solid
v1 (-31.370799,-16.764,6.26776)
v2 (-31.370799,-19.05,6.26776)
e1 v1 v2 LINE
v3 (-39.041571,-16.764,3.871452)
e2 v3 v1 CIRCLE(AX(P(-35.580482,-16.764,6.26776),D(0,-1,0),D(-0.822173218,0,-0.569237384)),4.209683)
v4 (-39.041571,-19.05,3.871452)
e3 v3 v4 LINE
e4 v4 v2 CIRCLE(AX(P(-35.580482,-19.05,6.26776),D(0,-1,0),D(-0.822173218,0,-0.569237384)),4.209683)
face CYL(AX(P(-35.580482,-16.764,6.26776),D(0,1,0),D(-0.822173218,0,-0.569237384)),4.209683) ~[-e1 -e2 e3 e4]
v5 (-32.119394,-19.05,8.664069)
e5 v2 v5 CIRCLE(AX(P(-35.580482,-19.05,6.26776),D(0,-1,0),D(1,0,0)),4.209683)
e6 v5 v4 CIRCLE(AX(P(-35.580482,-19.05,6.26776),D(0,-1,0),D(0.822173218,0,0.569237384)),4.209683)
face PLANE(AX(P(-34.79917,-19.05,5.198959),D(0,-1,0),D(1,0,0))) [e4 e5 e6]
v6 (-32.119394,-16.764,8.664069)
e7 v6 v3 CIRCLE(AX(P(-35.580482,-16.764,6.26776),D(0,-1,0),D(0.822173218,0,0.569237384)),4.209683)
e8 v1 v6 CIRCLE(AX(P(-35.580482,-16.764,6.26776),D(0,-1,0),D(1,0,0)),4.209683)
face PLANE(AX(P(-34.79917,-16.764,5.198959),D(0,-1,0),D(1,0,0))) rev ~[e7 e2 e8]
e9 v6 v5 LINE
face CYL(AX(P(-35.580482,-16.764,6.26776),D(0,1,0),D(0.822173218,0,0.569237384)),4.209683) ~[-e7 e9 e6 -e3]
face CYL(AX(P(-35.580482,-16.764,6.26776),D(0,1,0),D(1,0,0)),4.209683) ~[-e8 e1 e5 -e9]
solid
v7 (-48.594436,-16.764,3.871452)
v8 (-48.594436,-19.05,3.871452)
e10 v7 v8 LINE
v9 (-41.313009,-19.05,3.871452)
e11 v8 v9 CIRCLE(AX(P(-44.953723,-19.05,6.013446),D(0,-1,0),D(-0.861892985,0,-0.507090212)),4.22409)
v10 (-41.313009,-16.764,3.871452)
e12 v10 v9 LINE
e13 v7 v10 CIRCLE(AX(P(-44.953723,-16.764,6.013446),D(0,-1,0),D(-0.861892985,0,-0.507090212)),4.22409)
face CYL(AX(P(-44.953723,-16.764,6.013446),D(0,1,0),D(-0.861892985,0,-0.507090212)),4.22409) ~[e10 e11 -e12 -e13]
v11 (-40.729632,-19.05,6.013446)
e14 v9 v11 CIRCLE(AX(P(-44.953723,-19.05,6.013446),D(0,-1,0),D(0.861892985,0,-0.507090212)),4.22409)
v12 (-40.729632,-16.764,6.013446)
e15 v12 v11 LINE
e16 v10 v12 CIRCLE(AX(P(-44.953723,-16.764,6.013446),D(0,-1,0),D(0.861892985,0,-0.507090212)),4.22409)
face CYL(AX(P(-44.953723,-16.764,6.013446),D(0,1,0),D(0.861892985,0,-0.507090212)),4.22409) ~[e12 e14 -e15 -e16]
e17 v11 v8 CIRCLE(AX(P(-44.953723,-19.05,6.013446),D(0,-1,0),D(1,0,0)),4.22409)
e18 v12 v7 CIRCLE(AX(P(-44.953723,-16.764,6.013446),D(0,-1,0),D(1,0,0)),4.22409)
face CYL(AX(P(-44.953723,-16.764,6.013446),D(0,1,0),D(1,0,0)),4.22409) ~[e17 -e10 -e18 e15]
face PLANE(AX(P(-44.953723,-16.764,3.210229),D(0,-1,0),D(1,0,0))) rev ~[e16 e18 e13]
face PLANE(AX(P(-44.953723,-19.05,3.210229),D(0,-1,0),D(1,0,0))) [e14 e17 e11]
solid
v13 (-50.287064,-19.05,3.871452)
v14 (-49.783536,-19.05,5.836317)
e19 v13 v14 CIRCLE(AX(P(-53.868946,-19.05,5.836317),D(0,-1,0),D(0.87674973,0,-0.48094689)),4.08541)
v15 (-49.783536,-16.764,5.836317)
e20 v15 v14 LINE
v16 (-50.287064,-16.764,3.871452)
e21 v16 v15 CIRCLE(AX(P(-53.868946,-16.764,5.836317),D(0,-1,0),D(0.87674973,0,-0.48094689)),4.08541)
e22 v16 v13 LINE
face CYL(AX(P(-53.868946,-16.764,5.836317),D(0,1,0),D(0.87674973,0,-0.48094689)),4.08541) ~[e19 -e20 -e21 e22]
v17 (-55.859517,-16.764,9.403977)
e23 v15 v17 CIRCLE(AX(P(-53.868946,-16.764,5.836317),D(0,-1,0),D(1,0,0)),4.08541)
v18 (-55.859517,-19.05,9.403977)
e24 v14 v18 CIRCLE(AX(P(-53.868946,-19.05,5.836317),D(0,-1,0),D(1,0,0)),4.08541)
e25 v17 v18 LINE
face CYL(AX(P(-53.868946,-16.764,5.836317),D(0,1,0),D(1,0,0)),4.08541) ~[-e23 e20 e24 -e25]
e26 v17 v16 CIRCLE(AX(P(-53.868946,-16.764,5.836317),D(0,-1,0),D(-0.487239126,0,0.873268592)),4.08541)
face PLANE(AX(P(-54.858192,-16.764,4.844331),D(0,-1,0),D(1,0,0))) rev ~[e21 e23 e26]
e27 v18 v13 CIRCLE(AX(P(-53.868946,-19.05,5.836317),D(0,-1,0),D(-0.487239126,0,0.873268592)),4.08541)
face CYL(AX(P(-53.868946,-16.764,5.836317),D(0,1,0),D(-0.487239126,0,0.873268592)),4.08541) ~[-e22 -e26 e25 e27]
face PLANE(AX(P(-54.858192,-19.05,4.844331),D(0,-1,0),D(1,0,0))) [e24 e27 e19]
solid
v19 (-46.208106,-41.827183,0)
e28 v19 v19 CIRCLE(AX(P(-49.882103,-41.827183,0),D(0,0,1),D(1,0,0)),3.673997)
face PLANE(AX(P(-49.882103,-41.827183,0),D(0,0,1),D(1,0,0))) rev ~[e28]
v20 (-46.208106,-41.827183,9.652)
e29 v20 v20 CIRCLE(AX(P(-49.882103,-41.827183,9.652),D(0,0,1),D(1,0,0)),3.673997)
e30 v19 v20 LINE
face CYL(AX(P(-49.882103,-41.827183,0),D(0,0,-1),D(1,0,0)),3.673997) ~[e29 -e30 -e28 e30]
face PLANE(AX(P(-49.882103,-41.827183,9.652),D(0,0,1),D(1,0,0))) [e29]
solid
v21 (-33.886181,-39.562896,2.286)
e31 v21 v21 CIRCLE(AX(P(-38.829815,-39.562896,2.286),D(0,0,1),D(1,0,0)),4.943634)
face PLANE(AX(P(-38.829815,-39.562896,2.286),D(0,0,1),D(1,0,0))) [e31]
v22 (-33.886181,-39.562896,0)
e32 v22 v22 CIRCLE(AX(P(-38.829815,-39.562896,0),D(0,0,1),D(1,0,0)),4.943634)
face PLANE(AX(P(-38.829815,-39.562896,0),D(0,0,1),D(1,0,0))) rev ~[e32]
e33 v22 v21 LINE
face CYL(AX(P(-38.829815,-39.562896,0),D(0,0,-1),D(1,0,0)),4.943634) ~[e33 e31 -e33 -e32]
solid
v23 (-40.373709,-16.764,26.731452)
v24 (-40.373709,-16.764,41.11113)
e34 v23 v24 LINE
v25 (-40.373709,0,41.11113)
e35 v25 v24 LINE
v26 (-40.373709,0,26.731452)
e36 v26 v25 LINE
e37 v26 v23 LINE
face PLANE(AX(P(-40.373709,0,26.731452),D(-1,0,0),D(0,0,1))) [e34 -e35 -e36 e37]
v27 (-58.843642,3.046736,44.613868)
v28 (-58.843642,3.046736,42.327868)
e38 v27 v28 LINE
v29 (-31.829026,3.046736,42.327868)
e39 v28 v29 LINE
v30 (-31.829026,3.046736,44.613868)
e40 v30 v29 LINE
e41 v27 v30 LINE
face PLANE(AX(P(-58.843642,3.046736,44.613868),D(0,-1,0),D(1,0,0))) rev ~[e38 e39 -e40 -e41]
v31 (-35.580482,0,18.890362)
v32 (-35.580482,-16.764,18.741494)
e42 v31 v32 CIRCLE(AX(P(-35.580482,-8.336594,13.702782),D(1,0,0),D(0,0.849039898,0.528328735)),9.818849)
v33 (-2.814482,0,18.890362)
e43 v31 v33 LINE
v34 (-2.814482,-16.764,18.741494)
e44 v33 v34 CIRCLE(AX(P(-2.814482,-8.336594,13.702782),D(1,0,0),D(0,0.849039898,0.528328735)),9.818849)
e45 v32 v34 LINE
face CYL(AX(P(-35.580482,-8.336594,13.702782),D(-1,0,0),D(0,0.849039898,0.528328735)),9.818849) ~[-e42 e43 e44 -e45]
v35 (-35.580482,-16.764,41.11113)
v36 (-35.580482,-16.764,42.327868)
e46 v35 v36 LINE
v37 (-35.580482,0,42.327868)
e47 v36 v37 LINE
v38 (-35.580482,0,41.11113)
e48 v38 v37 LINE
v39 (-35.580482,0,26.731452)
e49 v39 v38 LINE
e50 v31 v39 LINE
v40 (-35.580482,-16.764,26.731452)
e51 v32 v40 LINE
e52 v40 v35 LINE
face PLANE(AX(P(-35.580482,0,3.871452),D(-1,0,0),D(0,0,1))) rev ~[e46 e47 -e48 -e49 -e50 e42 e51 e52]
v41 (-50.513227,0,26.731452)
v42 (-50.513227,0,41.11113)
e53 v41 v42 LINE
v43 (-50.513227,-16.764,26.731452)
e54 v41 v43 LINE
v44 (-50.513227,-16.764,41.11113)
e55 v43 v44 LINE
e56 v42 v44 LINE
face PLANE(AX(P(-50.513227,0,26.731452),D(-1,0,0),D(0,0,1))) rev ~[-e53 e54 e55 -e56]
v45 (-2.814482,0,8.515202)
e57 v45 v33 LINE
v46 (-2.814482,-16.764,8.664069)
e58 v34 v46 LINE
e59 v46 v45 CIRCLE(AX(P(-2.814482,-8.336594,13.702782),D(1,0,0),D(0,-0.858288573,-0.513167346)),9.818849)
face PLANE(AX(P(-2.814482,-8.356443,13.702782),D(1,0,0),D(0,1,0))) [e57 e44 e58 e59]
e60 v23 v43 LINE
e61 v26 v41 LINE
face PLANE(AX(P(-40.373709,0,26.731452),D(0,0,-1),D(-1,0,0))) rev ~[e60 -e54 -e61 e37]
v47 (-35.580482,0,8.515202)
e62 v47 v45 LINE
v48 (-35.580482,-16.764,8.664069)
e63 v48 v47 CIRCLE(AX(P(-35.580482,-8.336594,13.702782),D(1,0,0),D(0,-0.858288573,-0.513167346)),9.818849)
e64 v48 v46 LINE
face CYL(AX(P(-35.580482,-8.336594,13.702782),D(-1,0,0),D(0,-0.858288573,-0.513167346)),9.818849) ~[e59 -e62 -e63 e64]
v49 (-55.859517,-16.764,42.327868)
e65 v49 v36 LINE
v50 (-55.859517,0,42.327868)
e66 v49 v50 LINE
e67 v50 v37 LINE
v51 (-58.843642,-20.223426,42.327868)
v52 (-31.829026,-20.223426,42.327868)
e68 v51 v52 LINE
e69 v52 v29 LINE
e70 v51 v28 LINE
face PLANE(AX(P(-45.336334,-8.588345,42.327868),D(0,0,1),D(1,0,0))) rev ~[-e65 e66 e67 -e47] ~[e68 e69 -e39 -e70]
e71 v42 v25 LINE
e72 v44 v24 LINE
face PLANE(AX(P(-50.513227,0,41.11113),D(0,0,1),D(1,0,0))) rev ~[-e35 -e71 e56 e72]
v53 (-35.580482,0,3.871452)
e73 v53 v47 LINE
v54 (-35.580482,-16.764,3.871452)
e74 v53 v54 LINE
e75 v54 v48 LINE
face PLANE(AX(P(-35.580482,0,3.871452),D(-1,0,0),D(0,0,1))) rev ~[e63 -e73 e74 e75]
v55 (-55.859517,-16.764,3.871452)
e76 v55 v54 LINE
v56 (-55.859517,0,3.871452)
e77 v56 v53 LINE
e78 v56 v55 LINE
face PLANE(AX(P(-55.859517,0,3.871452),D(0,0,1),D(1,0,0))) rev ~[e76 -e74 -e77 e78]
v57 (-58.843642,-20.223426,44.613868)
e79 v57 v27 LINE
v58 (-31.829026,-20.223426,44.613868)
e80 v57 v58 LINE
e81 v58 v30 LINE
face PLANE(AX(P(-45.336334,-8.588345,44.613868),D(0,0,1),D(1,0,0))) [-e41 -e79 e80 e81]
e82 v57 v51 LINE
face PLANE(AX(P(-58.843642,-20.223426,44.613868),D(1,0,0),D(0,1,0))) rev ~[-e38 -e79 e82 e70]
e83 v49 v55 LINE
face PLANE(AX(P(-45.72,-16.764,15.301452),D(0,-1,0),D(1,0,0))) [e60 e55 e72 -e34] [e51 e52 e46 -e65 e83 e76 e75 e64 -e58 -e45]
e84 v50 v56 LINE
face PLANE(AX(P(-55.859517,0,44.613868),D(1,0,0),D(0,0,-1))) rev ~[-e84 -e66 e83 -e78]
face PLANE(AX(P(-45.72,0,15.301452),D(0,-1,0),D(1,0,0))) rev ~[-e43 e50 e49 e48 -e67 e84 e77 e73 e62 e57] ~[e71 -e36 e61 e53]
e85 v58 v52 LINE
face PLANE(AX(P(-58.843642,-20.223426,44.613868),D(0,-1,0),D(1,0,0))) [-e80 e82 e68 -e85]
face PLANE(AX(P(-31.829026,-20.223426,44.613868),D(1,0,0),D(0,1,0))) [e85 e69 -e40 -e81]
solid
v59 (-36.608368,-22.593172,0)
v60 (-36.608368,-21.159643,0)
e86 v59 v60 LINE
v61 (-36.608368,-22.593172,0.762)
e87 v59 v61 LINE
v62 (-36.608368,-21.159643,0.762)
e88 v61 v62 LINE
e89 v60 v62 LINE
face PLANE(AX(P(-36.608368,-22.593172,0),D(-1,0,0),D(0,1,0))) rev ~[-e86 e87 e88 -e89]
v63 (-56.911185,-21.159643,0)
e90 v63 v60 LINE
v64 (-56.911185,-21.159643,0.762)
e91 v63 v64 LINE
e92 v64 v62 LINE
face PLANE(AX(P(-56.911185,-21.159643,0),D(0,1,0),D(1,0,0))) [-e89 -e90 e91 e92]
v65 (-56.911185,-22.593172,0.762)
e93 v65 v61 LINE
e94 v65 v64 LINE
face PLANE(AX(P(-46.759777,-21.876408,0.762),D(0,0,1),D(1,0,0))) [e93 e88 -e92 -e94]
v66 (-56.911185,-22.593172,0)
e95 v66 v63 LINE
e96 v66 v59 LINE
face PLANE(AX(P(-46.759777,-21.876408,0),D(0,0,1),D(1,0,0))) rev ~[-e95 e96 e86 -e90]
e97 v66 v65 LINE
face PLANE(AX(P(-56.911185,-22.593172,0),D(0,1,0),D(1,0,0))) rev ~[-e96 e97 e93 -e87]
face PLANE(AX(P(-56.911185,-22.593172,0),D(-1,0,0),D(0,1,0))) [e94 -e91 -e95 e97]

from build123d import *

# Parameters (mm, degrees)
F0_W      = 5.3462907672
F0_H      = 14.3796782941
F0_W_2    = 4.7932267189
F1_DEPTH  = 16.764
F3_DEPTH  = 32.766
F5_DEPTH  = 2.286
F6_W      = 27.0146168768
F6_H      = 23.2701618224
F6_W_2    = 20.2790349722
F6_H_2    = 16.764
F7_DEPTH  = 2.286
F8_R      = 3.6739968983
F9_DEPTH  = 9.652
F10_R     = 4.9436336388
F11_DEPTH = 2.286
F12_W     = 20.3028172255
F12_H     = 1.4335289598
F13_DEPTH = 0.762


with BuildPart() as f1:
    # F0 (on Front) → F1 (new body)
    with BuildSketch(Plane.XZ):
        Polygon((-50.5132265389, 26.7314519733), (-55.8595173061, 26.7314519733), (-55.8595173061, 3.8714515977), (-35.5804823339, 3.8714515977), (-35.5804823339, 26.7314519733), (-40.3737090528, 26.7314519733), align=None)
        with Locations((-53.1863719225, 33.9212911204)):
            Rectangle(F0_W, F0_H)
        with Locations((-37.9770956933, 33.9212911204)):
            Rectangle(F0_W_2, F0_H)
        Polygon((-35.5804823339, 44.6138679981), (-55.8595173061, 44.6138679981), (-55.8595173061, 41.1111302674), (-50.5132265389, 41.1111302674), (-40.3737090528, 41.1111302674), (-35.5804823339, 41.1111302674), align=None)
    extrude(amount=F1_DEPTH)

    # F2 (on face) → F3 (join)
    with BuildSketch(Plane.YZ.offset(-35.5804823339)):
        with BuildLine():
            Line((0, 8.5152019426), (0, 18.8903617993))
            ThreePointArc((0, 18.8903617993), (-8.4237840592, 23.5212434846), (-16.764, 18.74149442))
            Line((-16.764, 18.74149442), (-16.764, 8.6640693219))
            ThreePointArc((-16.764, 8.6640693219), (-8.4237840592, 3.8843202573), (0, 8.5152019426))
        make_face()
    extrude(amount=F3_DEPTH)

    # F6 (on face) → F7 (join)
    with BuildSketch(Plane.XY.offset(44.6138679981)):
        with Locations((-45.3363340348, -8.58834479)):
            Rectangle(F6_W, F6_H)
        with Locations((-45.71999982, -8.382)):
            Rectangle(F6_W_2, F6_H_2, mode=Mode.SUBTRACT)
    extrude(amount=-F7_DEPTH)


with BuildPart() as f5:
    # F4 (on face) → F5 (new body)
    with BuildSketch(Plane.XZ.offset(16.764)):
        with BuildLine():
            Line((-55.8595173061, 3.8714515977), (-55.8595173061, 9.4039771229))
            ThreePointArc((-55.8595173061, 9.4039771229), (-56.7473613934, 2.9371276158), (-50.287063539, 3.8714515977))
            Line((-50.287063539, 3.8714515977), (-55.8595173061, 3.8714515977))
        make_face()
        with BuildLine():
            ThreePointArc((-50.287063539, 3.8714515977), (-49.9114191575, 4.8221378969), (-49.7835356487, 5.83631685))
            ThreePointArc((-49.7835356487, 5.83631685), (-51.8003381954, 9.3593039676), (-55.8595173061, 9.4039771229))
            Line((-55.8595173061, 9.4039771229), (-55.8595173061, 3.8714515977))
            Line((-55.8595173061, 3.8714515977), (-50.287063539, 3.8714515977))
        make_face()
    extrude(amount=F5_DEPTH)


with BuildPart() as f5b:
    # F4 (on face) → F5, piece 2 (new body)
    with BuildSketch(Plane.XZ.offset(16.764)):
        with BuildLine():
            Line((-41.3130086328, 3.8714515977), (-48.5944363807, 3.8714515977))
            ThreePointArc((-48.5944363807, 3.8714515977), (-44.9537225068, 1.7893560978), (-41.3130086328, 3.8714515977))
        make_face()
        with BuildLine():
            ThreePointArc((-40.7296321171, 6.0134464875), (-46.0637304197, 10.0890841128), (-48.5944363807, 3.8714515977))
            Line((-48.5944363807, 3.8714515977), (-41.3130086328, 3.8714515977))
            ThreePointArc((-41.3130086328, 3.8714515977), (-40.8780848814, 4.9034385746), (-40.7296321171, 6.0134464875))
        make_face()
    extrude(amount=F5_DEPTH)


with BuildPart() as f5c:
    # F4 (on face) → F5, piece 3 (new body)
    with BuildSketch(Plane.XZ.offset(16.764)):
        with BuildLine():
            Line((-35.5804823339, 3.8714515977), (-39.0415708426, 3.8714515977))
            ThreePointArc((-39.0415708426, 3.8714515977), (-34.3252244248, 2.2495820903), (-31.3707994684, 6.2677604598))
            ThreePointArc((-31.3707994684, 6.2677604598), (-31.5623039644, 7.5230183689), (-32.1193938252, 8.6640693219))
            Line((-32.1193938252, 8.6640693219), (-35.5804823339, 8.6640693219))
            Line((-35.5804823339, 8.6640693219), (-35.5804823339, 3.8714515977))
        make_face()
        with BuildLine():
            ThreePointArc((-32.1193938252, 8.6640693219), (-37.976791196, 9.7288489685), (-39.0415708426, 3.8714515977))
            Line((-39.0415708426, 3.8714515977), (-35.5804823339, 3.8714515977))
            Line((-35.5804823339, 3.8714515977), (-35.5804823339, 8.6640693219))
            Line((-35.5804823339, 8.6640693219), (-32.1193938252, 8.6640693219))
        make_face()
    extrude(amount=F5_DEPTH)


with BuildPart() as f9:
    # F8 (on Top) → F9 (new body)
    with BuildSketch(Plane.XY):
        with Locations((-49.8821027577, -41.8271832168)):
            Circle(F8_R)
    extrude(amount=F9_DEPTH)


with BuildPart() as f11:
    # F10 (on Top) → F11 (new body)
    with BuildSketch(Plane.XY):
        with Locations((-38.8298146427, -39.5628958941)):
            Circle(F10_R)
    extrude(amount=F11_DEPTH)


with BuildPart() as f13:
    # F12 (on Top) → F13 (new body)
    with BuildSketch(Plane.XY):
        with Locations((-46.7597767711, -21.8764077872)):
            Rectangle(F12_W, F12_H)
    extrude(amount=F13_DEPTH)


solid = Compound([f1.part, f5.part, f5b.part, f5c.part, f9.part, f11.part, f13.part])
